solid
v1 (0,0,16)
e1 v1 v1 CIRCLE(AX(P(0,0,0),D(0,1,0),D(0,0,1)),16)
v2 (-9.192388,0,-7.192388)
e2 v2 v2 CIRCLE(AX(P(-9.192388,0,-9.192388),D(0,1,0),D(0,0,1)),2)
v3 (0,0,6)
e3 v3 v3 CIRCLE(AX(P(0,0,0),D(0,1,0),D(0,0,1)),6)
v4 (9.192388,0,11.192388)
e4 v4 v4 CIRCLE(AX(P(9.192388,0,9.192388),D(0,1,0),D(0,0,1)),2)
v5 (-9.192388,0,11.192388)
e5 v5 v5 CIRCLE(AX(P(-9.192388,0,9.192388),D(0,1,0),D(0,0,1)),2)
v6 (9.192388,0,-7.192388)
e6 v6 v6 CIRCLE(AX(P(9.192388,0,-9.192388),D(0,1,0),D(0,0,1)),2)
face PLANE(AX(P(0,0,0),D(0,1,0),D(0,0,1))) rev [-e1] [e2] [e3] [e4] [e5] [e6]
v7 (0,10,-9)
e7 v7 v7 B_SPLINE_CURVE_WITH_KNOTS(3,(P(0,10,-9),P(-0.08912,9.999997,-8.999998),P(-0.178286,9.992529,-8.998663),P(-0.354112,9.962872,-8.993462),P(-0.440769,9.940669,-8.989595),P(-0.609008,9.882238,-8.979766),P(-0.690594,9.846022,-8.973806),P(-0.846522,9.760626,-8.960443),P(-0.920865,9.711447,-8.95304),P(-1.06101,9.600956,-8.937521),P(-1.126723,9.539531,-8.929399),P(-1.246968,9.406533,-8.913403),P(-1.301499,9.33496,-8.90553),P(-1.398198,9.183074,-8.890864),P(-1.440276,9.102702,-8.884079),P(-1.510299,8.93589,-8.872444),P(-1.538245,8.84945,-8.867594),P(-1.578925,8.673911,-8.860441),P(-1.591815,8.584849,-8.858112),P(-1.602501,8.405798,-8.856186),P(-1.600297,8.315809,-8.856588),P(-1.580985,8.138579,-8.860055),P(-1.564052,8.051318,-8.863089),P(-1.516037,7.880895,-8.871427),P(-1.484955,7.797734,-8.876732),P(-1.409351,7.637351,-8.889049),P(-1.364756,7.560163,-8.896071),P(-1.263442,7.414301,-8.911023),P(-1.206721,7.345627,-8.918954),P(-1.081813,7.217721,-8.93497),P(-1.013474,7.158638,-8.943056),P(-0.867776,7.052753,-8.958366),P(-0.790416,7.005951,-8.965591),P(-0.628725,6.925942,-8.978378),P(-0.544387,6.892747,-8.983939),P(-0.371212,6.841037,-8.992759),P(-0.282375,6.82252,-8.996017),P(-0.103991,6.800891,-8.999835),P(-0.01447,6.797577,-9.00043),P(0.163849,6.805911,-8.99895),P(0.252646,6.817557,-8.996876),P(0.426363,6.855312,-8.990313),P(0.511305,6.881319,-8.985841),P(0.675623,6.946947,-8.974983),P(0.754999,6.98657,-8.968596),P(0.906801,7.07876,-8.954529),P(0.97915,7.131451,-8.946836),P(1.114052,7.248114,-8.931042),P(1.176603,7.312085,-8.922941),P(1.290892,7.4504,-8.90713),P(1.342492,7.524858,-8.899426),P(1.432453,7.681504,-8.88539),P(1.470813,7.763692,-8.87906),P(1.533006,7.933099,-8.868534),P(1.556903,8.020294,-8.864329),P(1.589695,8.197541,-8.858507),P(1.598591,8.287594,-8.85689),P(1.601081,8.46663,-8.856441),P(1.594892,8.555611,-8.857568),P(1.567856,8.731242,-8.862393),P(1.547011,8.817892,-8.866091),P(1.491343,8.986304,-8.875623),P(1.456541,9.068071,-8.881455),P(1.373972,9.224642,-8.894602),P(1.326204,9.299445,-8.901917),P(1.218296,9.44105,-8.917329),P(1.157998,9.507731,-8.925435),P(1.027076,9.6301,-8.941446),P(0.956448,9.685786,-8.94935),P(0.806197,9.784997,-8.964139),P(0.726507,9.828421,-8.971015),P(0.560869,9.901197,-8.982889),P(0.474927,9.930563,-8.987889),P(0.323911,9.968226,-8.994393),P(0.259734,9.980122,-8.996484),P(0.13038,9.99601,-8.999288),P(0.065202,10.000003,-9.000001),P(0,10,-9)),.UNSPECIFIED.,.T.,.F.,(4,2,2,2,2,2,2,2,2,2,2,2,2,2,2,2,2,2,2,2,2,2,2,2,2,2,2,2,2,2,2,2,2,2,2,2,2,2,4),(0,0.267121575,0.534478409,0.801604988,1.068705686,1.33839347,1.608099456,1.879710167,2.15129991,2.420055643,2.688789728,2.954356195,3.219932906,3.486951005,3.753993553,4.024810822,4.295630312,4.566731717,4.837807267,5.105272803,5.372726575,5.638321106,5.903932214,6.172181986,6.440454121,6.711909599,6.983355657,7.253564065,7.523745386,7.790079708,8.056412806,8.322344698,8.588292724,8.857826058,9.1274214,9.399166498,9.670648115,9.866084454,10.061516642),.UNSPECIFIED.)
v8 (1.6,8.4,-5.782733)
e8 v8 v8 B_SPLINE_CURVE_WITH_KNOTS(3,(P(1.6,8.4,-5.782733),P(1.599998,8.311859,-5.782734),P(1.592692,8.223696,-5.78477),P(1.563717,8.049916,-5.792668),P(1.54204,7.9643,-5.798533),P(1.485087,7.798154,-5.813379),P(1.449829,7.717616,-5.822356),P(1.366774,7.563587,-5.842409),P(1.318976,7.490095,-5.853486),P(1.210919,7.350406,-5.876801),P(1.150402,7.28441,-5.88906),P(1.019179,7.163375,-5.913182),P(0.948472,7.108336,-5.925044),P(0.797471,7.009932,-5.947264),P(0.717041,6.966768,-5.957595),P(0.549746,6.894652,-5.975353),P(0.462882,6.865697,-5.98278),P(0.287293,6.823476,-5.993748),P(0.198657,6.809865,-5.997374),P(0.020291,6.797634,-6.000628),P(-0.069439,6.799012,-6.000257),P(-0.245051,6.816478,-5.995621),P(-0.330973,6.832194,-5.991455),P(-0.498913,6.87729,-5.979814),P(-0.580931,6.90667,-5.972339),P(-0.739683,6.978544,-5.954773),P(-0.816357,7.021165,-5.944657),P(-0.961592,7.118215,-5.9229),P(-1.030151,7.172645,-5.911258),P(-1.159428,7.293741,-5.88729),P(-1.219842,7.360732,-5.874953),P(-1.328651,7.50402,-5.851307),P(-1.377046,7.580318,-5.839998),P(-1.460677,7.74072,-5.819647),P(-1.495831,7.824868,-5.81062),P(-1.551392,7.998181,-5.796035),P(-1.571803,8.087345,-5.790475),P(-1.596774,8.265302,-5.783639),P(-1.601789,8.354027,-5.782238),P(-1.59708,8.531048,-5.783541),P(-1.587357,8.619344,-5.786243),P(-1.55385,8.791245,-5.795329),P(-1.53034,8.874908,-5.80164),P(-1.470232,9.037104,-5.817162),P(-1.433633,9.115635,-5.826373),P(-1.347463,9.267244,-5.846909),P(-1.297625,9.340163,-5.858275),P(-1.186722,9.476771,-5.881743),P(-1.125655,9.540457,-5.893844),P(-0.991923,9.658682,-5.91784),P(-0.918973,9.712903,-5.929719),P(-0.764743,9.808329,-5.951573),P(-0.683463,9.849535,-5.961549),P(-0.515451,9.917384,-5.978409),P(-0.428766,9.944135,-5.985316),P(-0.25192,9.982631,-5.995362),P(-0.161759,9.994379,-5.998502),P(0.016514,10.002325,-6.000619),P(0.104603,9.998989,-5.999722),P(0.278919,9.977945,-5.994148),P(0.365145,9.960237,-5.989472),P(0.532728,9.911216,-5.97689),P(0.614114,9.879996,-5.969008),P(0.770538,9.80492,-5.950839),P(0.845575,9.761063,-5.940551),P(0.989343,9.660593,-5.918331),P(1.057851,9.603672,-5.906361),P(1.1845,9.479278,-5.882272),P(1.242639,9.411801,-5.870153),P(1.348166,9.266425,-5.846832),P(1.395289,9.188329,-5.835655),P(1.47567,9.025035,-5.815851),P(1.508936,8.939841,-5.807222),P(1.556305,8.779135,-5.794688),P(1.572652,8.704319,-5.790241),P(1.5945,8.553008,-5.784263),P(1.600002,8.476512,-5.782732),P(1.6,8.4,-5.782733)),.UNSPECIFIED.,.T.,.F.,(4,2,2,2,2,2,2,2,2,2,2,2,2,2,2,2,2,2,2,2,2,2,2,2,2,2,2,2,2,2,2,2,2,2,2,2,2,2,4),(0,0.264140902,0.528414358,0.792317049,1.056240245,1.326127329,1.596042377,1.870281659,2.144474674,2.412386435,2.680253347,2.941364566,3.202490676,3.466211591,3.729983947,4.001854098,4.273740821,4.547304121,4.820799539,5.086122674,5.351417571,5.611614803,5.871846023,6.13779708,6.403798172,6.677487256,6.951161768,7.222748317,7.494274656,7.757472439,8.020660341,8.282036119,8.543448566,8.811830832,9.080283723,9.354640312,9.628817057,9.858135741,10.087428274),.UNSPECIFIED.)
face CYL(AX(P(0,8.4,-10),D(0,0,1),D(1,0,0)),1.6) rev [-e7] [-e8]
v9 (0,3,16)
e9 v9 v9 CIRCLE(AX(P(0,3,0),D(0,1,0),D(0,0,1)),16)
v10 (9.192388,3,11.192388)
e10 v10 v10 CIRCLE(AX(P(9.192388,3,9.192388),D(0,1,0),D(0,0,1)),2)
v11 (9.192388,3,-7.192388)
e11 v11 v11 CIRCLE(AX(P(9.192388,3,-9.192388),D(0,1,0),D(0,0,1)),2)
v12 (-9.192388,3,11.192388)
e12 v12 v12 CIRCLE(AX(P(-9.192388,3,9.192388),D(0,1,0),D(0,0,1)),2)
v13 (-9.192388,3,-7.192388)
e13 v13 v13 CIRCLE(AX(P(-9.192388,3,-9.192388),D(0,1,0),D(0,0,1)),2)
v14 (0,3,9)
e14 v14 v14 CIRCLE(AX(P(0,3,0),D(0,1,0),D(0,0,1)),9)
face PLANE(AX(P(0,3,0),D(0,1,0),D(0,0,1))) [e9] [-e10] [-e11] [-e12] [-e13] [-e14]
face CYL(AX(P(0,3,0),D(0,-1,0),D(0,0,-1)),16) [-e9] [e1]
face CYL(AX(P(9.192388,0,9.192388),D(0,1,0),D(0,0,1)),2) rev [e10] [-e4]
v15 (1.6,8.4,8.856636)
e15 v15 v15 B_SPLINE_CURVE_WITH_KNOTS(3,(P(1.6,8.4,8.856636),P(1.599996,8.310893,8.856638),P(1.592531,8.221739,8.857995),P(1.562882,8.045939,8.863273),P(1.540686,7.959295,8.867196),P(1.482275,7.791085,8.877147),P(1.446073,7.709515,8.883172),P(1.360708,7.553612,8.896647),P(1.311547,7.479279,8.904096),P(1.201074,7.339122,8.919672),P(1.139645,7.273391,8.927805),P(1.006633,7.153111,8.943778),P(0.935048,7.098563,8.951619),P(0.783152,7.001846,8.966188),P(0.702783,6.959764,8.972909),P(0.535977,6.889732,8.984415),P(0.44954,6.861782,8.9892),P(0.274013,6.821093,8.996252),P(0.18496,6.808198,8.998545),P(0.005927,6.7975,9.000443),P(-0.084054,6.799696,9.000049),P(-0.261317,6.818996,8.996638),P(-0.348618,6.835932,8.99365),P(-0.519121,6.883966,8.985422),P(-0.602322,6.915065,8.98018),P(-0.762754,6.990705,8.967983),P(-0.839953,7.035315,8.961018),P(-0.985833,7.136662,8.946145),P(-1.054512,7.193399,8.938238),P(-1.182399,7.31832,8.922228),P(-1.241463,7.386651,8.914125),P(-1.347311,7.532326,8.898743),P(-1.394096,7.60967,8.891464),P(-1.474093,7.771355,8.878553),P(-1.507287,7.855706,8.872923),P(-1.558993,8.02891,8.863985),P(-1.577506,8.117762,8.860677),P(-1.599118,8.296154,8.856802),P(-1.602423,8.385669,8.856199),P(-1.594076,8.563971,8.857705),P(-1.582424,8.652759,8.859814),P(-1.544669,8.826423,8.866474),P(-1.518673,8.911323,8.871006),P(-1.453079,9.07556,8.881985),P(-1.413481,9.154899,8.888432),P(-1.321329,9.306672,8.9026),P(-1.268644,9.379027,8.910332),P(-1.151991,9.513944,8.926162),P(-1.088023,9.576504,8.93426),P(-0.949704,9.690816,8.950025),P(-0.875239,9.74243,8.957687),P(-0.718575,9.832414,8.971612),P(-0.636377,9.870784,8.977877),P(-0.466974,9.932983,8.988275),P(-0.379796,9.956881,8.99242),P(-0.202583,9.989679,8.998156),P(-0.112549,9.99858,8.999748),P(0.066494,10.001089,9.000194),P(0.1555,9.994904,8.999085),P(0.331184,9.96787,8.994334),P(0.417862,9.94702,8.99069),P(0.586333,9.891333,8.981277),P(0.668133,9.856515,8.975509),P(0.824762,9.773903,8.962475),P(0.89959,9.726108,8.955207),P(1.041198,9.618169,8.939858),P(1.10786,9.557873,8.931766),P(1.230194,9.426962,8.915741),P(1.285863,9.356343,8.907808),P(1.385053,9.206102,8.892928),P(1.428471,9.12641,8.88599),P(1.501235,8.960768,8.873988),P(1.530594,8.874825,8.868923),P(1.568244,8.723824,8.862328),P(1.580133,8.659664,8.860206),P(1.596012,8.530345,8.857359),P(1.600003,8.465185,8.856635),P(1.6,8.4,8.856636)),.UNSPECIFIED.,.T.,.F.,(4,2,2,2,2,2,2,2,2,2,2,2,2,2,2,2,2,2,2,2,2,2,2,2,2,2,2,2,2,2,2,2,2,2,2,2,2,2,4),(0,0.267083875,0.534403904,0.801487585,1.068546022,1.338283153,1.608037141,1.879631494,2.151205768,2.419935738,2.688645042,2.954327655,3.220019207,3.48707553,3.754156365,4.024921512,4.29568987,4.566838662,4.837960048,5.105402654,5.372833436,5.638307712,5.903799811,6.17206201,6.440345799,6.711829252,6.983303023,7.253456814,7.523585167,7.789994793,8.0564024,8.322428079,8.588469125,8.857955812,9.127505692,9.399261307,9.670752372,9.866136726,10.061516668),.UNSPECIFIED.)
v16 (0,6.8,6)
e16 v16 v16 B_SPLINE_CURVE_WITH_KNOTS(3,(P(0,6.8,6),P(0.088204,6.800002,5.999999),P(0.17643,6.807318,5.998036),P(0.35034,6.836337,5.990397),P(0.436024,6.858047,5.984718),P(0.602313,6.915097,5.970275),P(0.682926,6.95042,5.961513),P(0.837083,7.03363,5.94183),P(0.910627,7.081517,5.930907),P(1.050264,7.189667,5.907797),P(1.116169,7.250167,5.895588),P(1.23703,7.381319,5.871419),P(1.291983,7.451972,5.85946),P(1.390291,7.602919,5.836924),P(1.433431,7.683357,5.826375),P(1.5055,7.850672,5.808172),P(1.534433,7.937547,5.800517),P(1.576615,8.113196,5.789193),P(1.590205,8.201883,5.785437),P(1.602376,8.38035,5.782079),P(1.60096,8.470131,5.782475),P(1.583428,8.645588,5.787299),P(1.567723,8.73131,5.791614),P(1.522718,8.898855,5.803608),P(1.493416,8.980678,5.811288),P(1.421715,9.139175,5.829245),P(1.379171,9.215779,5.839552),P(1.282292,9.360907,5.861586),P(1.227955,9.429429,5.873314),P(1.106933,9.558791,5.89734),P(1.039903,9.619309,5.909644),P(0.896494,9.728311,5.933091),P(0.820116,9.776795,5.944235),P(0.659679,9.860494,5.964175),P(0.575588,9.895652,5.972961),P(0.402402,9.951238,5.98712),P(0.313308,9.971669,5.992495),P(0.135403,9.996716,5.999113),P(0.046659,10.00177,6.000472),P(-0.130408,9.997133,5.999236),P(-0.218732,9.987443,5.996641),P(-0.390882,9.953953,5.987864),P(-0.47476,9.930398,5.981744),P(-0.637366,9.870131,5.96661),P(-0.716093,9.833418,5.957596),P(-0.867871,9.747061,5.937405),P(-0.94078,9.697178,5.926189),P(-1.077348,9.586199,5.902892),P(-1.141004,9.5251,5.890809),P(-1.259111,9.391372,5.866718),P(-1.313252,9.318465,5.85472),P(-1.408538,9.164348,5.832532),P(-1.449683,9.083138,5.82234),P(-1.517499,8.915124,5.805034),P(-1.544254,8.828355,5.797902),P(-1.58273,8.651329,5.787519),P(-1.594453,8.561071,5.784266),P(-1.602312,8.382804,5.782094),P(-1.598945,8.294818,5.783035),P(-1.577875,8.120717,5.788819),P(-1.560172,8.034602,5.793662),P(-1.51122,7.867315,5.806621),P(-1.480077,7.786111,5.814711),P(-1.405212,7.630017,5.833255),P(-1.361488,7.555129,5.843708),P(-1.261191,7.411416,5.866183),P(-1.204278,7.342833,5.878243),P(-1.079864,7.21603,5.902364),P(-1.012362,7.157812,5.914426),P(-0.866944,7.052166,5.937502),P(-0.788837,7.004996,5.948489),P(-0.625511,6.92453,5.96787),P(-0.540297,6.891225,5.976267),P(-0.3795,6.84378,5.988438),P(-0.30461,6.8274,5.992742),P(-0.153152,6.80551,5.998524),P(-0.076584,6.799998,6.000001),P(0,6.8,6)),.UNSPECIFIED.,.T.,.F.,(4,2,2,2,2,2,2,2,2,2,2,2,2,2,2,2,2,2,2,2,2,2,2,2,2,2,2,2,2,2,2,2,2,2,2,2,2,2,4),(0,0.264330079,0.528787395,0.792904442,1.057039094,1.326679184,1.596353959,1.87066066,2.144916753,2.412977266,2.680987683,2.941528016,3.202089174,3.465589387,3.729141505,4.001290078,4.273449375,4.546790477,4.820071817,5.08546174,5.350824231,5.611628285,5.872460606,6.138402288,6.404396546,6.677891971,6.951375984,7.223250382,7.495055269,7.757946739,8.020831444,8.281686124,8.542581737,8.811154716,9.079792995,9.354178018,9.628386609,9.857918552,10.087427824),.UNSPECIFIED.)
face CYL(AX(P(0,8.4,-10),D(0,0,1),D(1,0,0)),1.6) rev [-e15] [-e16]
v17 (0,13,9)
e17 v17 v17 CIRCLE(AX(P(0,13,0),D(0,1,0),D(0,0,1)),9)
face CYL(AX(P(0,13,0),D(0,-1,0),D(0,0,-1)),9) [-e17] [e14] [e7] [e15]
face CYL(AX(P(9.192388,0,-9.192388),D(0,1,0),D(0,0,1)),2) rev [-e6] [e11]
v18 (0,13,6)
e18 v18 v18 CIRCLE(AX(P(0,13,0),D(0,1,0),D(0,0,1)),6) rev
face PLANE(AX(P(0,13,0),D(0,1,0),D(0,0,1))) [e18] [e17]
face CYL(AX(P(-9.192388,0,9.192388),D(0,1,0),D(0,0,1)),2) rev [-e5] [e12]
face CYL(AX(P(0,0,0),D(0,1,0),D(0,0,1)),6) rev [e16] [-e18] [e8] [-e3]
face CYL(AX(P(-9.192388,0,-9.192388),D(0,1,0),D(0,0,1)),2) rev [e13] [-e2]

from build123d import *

# Parameters (mm, degrees)
SKETCH2_R           = 16
BOSS_EXTRUDE1_DEPTH = 3
SKETCH3_R           = 6
SKETCH3_R_2         = 2
CUT_EXTRUDE1_DEPTH  = 3
BOSS_EXTRUDE2_START = 10
SKETCH4_R           = 9
SKETCH4_R_2         = 6
BOSS_EXTRUDE2_DEPTH = 10
SKETCH5_R           = 1.6
CUT_EXTRUDE2_DEPTH  = 10


with BuildPart() as part:
    # Sketch2 → Boss-Extrude1 (new body)
    with BuildSketch(Plane(origin=(0, 0, 0), x_dir=(1, 0, 0), z_dir=(0, 1, 0))):
        Circle(SKETCH2_R)
    extrude(amount=BOSS_EXTRUDE1_DEPTH)

    # Sketch3 → Cut-Extrude1 (cut)
    with BuildSketch(Plane(origin=(0, 3, 0), x_dir=(1, 0, 0), z_dir=(0, 1, 0))):
        Circle(SKETCH3_R)
        with Locations((-9.192388155, 9.192388155)):
            Circle(SKETCH3_R_2)
        with Locations((9.192388155, 9.192388155)):
            Circle(SKETCH3_R_2)
        with Locations((9.192388155, -9.192388155)):
            Circle(SKETCH3_R_2)
        with Locations((-9.192388155, -9.192388155)):
            Circle(SKETCH3_R_2)
    extrude(amount=-CUT_EXTRUDE1_DEPTH, mode=Mode.SUBTRACT)

    # Sketch4 → Boss-Extrude2 (add)
    with BuildSketch(Plane(origin=(0, 3, 0), x_dir=(1, 0, 0), z_dir=(0, 1, 0)).offset(BOSS_EXTRUDE2_START)):
        Circle(SKETCH4_R)
        Circle(SKETCH4_R_2, mode=Mode.SUBTRACT)
    extrude(amount=-BOSS_EXTRUDE2_DEPTH)

    # Sketch5 → Cut-Extrude2 (cut, symmetric)
    with BuildSketch(Plane.XY):
        with Locations((0, 8.4)):
            Circle(SKETCH5_R)
    extrude(amount=CUT_EXTRUDE2_DEPTH, both=True, mode=Mode.SUBTRACT)


solid = part.part
